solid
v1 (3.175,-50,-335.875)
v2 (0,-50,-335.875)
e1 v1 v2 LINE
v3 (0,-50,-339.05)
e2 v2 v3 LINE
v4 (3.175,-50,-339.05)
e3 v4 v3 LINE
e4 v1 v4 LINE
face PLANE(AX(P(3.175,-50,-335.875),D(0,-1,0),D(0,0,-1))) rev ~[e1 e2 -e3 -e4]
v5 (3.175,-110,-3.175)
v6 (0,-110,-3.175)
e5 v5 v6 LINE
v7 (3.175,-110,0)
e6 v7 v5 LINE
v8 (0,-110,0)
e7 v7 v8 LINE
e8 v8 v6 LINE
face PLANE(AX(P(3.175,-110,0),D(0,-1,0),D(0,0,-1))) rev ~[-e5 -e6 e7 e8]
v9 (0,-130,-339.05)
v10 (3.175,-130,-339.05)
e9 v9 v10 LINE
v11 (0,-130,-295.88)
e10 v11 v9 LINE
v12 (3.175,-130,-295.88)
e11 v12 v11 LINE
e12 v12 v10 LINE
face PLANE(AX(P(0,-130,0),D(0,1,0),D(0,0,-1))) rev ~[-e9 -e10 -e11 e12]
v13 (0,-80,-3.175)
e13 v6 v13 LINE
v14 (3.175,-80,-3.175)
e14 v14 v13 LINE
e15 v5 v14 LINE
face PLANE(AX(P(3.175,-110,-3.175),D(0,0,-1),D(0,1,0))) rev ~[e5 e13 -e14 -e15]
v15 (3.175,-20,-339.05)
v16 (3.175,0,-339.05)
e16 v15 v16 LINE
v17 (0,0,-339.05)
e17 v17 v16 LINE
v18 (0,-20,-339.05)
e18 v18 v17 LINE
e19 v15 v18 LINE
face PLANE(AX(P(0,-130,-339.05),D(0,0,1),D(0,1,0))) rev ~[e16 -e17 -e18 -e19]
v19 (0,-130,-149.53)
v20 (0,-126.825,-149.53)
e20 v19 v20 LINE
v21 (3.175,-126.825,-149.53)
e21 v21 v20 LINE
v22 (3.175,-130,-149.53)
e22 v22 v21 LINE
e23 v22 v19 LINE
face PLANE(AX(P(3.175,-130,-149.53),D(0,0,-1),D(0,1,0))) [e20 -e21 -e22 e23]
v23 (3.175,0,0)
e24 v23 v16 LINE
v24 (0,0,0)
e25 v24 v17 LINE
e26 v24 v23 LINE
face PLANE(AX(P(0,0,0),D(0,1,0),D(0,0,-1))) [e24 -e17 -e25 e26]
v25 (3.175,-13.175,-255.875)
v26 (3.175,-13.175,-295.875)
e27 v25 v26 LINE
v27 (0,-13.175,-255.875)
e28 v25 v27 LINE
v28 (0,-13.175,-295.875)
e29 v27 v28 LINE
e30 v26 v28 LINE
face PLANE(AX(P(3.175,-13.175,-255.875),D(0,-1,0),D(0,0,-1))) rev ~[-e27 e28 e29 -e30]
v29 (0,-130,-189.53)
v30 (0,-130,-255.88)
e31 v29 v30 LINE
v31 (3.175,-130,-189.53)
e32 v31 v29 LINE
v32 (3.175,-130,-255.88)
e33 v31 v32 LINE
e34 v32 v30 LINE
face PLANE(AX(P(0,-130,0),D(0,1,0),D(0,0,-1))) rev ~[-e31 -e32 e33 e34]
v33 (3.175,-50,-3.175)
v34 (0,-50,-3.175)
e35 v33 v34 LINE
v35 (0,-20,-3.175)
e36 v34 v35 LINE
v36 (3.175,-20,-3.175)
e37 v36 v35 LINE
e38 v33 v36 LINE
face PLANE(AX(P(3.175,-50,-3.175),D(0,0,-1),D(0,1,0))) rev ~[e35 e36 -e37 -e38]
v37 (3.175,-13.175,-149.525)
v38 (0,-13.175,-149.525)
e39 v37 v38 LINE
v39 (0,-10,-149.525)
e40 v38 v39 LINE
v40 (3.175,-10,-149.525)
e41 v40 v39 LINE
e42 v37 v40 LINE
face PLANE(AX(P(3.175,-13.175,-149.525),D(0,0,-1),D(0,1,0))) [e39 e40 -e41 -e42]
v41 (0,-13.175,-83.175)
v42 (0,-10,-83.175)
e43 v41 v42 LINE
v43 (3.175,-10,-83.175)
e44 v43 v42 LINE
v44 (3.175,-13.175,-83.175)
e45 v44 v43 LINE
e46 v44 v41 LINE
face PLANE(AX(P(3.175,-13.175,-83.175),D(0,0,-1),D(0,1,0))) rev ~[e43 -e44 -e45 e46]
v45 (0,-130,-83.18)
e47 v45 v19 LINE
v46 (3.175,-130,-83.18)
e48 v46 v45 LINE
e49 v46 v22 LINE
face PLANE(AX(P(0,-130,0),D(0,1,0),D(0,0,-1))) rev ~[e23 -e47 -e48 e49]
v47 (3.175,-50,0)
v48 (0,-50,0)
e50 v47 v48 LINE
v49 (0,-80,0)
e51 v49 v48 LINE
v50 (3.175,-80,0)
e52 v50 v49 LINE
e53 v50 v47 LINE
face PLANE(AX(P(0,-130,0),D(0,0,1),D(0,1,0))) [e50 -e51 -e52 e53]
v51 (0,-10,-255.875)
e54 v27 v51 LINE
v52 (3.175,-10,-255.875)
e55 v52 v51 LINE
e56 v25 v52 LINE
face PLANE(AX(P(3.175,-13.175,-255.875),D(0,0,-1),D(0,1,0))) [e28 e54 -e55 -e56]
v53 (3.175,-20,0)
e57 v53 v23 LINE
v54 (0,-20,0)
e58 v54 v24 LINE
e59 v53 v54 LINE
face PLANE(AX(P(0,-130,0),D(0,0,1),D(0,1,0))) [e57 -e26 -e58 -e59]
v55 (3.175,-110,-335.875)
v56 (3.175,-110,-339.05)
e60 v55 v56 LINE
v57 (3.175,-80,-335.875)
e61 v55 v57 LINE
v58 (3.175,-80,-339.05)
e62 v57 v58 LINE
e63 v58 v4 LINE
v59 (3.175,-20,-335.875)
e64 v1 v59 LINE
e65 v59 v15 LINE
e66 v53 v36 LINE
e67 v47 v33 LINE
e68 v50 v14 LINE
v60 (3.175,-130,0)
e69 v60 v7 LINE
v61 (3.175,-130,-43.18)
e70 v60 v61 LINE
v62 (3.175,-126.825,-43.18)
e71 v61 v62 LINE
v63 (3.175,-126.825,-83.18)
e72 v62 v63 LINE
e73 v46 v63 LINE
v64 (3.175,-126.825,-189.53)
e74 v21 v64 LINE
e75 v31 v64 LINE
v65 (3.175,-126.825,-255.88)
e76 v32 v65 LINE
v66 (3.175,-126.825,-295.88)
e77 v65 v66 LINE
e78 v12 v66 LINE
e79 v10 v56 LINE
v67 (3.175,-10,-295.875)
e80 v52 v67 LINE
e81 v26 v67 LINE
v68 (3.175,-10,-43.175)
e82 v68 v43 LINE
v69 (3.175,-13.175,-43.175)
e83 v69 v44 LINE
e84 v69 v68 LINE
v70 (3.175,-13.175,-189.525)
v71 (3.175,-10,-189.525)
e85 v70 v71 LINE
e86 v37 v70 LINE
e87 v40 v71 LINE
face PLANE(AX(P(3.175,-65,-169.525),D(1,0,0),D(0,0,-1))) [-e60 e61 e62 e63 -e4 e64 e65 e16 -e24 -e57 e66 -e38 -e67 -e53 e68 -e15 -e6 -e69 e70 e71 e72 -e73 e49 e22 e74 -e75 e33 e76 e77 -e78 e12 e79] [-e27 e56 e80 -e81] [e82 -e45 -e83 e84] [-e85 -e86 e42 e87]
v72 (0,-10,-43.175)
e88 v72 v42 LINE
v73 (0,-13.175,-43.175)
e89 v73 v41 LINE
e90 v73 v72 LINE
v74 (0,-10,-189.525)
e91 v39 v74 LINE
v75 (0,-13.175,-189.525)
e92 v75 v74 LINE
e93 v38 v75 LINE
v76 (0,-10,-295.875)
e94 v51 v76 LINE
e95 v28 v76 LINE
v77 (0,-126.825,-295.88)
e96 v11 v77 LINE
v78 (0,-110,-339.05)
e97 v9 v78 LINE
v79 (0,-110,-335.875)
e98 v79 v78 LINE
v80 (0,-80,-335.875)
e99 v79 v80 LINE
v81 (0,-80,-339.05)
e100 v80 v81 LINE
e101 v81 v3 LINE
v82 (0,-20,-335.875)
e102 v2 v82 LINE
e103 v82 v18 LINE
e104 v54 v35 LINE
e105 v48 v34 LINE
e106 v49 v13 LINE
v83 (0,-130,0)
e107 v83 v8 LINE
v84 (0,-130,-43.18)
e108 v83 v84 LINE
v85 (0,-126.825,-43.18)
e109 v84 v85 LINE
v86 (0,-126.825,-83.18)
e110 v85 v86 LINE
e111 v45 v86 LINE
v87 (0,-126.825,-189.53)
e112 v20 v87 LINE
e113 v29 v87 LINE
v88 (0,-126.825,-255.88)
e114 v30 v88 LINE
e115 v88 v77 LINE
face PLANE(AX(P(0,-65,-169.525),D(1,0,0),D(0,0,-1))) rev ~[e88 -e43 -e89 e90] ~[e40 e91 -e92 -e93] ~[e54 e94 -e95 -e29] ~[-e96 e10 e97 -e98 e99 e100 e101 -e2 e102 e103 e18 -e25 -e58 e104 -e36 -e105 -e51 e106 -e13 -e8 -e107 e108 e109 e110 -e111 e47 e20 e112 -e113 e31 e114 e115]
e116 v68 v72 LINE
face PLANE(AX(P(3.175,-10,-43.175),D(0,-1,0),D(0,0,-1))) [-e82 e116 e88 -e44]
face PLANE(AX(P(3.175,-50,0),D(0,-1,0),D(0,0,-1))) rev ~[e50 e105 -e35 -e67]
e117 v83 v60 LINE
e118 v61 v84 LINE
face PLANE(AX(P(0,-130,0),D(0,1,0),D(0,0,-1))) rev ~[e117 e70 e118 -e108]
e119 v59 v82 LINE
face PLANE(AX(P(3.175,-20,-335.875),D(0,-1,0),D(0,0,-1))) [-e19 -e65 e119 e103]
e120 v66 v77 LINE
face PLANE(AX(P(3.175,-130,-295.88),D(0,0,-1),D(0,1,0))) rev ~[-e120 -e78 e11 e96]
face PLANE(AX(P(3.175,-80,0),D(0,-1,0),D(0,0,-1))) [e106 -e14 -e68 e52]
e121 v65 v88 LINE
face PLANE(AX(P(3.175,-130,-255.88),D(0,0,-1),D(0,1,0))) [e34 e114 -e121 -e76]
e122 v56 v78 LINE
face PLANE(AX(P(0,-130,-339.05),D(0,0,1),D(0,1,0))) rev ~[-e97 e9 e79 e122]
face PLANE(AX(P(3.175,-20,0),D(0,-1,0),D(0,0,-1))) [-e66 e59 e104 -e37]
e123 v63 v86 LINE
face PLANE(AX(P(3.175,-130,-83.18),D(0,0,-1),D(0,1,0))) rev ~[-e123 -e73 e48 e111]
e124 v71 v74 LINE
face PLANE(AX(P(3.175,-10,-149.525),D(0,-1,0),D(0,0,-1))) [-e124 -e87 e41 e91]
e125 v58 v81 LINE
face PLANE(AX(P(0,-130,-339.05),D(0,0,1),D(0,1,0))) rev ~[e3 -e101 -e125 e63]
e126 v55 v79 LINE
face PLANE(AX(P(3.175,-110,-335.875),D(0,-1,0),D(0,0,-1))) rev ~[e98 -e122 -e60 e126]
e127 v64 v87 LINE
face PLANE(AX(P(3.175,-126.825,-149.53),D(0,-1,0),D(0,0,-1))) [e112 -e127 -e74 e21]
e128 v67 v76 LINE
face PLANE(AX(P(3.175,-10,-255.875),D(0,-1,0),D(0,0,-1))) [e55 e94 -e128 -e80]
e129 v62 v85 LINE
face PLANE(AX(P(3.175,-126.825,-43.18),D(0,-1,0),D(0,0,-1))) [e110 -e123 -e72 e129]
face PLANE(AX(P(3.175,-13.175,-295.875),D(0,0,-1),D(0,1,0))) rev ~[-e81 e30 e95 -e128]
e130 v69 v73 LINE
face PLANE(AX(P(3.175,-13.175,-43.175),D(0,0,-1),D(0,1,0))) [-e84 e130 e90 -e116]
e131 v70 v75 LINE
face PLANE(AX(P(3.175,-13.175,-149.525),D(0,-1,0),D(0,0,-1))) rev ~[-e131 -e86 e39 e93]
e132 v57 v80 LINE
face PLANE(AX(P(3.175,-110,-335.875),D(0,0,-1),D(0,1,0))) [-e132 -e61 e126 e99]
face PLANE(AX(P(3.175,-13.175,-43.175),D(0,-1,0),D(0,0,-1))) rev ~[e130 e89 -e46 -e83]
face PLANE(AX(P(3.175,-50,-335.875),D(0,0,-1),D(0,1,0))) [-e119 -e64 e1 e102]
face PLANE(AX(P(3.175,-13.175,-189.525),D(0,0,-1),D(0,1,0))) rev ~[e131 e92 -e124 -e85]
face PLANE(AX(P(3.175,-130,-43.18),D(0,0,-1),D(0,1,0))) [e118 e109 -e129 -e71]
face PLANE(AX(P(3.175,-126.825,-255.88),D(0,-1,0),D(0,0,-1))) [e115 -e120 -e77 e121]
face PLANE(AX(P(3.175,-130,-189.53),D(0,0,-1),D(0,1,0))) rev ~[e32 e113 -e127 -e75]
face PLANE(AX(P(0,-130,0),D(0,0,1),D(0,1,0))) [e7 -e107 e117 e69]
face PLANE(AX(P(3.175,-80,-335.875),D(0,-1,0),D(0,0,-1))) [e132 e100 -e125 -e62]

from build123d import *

# Parameters (mm, degrees)
SKETCH1_W           = 339.05
SKETCH1_H           = 130
BOSS_EXTRUDE1_DEPTH = 3.175
SKETCH2_W           = 40
SKETCH2_H           = 3.175
SKETCH2_W_2         = 3.175
SKETCH2_H_2         = 30
CUT_EXTRUDE1_DEPTH  = 10
SKETCH3_W           = 40
SKETCH3_H           = 3.175
CUT_EXTRUDE2_DEPTH  = 364.132184094
LPATTERN1_COUNT     = 3
LPATTERN1_PITCH     = 106.35


with BuildPart() as part:
    # Sketch1 → Boss-Extrude1 (new body)
    with BuildSketch(Plane(origin=(0, 0, 0), x_dir=(0, 0, -1), z_dir=(1, 0, 0))):
        with Locations((169.525, -65)):
            Rectangle(SKETCH1_W, SKETCH1_H)
    extrude(amount=BOSS_EXTRUDE1_DEPTH)

    # Sketch2 → Cut-Extrude1 (cut)
    with BuildSketch(Plane(origin=(3.175, 0, 0), x_dir=(0, 0, -1), z_dir=(1, 0, 0))):
        with Locations((63.175, -11.5875)):
            Rectangle(SKETCH2_W, SKETCH2_H)
        with Locations((169.525, -11.5875)):
            Rectangle(SKETCH2_W, SKETCH2_H)
        with Locations((275.875, -11.5875)):
            Rectangle(SKETCH2_W, SKETCH2_H)
        with Locations((337.4625, -35)):
            Rectangle(SKETCH2_W_2, SKETCH2_H_2)
        with Locations((337.4625, -95)):
            Rectangle(SKETCH2_W_2, SKETCH2_H_2)
        with Locations((1.5875, -35)):
            Rectangle(SKETCH2_W_2, SKETCH2_H_2)
        with Locations((1.5875, -95)):
            Rectangle(SKETCH2_W_2, SKETCH2_H_2)
    extrude(amount=-CUT_EXTRUDE1_DEPTH, mode=Mode.SUBTRACT)

    # Sketch3 → Cut-Extrude2 (cut, through all)
    with BuildSketch(Plane(origin=(3.175, 0, 0), x_dir=(0, 0, -1), z_dir=(1, 0, 0))):
        with Locations((63.18, -128.4125)):
            Rectangle(SKETCH3_W, SKETCH3_H)
    cut_extrude2 = extrude(amount=-CUT_EXTRUDE2_DEPTH, mode=Mode.SUBTRACT)

    # LPattern1: Cut-Extrude2 ×3
    with Locations(*[(0, 0, -i * LPATTERN1_PITCH) for i in range(1, LPATTERN1_COUNT)]):
        add(cut_extrude2, mode=Mode.SUBTRACT)


solid = part.part
